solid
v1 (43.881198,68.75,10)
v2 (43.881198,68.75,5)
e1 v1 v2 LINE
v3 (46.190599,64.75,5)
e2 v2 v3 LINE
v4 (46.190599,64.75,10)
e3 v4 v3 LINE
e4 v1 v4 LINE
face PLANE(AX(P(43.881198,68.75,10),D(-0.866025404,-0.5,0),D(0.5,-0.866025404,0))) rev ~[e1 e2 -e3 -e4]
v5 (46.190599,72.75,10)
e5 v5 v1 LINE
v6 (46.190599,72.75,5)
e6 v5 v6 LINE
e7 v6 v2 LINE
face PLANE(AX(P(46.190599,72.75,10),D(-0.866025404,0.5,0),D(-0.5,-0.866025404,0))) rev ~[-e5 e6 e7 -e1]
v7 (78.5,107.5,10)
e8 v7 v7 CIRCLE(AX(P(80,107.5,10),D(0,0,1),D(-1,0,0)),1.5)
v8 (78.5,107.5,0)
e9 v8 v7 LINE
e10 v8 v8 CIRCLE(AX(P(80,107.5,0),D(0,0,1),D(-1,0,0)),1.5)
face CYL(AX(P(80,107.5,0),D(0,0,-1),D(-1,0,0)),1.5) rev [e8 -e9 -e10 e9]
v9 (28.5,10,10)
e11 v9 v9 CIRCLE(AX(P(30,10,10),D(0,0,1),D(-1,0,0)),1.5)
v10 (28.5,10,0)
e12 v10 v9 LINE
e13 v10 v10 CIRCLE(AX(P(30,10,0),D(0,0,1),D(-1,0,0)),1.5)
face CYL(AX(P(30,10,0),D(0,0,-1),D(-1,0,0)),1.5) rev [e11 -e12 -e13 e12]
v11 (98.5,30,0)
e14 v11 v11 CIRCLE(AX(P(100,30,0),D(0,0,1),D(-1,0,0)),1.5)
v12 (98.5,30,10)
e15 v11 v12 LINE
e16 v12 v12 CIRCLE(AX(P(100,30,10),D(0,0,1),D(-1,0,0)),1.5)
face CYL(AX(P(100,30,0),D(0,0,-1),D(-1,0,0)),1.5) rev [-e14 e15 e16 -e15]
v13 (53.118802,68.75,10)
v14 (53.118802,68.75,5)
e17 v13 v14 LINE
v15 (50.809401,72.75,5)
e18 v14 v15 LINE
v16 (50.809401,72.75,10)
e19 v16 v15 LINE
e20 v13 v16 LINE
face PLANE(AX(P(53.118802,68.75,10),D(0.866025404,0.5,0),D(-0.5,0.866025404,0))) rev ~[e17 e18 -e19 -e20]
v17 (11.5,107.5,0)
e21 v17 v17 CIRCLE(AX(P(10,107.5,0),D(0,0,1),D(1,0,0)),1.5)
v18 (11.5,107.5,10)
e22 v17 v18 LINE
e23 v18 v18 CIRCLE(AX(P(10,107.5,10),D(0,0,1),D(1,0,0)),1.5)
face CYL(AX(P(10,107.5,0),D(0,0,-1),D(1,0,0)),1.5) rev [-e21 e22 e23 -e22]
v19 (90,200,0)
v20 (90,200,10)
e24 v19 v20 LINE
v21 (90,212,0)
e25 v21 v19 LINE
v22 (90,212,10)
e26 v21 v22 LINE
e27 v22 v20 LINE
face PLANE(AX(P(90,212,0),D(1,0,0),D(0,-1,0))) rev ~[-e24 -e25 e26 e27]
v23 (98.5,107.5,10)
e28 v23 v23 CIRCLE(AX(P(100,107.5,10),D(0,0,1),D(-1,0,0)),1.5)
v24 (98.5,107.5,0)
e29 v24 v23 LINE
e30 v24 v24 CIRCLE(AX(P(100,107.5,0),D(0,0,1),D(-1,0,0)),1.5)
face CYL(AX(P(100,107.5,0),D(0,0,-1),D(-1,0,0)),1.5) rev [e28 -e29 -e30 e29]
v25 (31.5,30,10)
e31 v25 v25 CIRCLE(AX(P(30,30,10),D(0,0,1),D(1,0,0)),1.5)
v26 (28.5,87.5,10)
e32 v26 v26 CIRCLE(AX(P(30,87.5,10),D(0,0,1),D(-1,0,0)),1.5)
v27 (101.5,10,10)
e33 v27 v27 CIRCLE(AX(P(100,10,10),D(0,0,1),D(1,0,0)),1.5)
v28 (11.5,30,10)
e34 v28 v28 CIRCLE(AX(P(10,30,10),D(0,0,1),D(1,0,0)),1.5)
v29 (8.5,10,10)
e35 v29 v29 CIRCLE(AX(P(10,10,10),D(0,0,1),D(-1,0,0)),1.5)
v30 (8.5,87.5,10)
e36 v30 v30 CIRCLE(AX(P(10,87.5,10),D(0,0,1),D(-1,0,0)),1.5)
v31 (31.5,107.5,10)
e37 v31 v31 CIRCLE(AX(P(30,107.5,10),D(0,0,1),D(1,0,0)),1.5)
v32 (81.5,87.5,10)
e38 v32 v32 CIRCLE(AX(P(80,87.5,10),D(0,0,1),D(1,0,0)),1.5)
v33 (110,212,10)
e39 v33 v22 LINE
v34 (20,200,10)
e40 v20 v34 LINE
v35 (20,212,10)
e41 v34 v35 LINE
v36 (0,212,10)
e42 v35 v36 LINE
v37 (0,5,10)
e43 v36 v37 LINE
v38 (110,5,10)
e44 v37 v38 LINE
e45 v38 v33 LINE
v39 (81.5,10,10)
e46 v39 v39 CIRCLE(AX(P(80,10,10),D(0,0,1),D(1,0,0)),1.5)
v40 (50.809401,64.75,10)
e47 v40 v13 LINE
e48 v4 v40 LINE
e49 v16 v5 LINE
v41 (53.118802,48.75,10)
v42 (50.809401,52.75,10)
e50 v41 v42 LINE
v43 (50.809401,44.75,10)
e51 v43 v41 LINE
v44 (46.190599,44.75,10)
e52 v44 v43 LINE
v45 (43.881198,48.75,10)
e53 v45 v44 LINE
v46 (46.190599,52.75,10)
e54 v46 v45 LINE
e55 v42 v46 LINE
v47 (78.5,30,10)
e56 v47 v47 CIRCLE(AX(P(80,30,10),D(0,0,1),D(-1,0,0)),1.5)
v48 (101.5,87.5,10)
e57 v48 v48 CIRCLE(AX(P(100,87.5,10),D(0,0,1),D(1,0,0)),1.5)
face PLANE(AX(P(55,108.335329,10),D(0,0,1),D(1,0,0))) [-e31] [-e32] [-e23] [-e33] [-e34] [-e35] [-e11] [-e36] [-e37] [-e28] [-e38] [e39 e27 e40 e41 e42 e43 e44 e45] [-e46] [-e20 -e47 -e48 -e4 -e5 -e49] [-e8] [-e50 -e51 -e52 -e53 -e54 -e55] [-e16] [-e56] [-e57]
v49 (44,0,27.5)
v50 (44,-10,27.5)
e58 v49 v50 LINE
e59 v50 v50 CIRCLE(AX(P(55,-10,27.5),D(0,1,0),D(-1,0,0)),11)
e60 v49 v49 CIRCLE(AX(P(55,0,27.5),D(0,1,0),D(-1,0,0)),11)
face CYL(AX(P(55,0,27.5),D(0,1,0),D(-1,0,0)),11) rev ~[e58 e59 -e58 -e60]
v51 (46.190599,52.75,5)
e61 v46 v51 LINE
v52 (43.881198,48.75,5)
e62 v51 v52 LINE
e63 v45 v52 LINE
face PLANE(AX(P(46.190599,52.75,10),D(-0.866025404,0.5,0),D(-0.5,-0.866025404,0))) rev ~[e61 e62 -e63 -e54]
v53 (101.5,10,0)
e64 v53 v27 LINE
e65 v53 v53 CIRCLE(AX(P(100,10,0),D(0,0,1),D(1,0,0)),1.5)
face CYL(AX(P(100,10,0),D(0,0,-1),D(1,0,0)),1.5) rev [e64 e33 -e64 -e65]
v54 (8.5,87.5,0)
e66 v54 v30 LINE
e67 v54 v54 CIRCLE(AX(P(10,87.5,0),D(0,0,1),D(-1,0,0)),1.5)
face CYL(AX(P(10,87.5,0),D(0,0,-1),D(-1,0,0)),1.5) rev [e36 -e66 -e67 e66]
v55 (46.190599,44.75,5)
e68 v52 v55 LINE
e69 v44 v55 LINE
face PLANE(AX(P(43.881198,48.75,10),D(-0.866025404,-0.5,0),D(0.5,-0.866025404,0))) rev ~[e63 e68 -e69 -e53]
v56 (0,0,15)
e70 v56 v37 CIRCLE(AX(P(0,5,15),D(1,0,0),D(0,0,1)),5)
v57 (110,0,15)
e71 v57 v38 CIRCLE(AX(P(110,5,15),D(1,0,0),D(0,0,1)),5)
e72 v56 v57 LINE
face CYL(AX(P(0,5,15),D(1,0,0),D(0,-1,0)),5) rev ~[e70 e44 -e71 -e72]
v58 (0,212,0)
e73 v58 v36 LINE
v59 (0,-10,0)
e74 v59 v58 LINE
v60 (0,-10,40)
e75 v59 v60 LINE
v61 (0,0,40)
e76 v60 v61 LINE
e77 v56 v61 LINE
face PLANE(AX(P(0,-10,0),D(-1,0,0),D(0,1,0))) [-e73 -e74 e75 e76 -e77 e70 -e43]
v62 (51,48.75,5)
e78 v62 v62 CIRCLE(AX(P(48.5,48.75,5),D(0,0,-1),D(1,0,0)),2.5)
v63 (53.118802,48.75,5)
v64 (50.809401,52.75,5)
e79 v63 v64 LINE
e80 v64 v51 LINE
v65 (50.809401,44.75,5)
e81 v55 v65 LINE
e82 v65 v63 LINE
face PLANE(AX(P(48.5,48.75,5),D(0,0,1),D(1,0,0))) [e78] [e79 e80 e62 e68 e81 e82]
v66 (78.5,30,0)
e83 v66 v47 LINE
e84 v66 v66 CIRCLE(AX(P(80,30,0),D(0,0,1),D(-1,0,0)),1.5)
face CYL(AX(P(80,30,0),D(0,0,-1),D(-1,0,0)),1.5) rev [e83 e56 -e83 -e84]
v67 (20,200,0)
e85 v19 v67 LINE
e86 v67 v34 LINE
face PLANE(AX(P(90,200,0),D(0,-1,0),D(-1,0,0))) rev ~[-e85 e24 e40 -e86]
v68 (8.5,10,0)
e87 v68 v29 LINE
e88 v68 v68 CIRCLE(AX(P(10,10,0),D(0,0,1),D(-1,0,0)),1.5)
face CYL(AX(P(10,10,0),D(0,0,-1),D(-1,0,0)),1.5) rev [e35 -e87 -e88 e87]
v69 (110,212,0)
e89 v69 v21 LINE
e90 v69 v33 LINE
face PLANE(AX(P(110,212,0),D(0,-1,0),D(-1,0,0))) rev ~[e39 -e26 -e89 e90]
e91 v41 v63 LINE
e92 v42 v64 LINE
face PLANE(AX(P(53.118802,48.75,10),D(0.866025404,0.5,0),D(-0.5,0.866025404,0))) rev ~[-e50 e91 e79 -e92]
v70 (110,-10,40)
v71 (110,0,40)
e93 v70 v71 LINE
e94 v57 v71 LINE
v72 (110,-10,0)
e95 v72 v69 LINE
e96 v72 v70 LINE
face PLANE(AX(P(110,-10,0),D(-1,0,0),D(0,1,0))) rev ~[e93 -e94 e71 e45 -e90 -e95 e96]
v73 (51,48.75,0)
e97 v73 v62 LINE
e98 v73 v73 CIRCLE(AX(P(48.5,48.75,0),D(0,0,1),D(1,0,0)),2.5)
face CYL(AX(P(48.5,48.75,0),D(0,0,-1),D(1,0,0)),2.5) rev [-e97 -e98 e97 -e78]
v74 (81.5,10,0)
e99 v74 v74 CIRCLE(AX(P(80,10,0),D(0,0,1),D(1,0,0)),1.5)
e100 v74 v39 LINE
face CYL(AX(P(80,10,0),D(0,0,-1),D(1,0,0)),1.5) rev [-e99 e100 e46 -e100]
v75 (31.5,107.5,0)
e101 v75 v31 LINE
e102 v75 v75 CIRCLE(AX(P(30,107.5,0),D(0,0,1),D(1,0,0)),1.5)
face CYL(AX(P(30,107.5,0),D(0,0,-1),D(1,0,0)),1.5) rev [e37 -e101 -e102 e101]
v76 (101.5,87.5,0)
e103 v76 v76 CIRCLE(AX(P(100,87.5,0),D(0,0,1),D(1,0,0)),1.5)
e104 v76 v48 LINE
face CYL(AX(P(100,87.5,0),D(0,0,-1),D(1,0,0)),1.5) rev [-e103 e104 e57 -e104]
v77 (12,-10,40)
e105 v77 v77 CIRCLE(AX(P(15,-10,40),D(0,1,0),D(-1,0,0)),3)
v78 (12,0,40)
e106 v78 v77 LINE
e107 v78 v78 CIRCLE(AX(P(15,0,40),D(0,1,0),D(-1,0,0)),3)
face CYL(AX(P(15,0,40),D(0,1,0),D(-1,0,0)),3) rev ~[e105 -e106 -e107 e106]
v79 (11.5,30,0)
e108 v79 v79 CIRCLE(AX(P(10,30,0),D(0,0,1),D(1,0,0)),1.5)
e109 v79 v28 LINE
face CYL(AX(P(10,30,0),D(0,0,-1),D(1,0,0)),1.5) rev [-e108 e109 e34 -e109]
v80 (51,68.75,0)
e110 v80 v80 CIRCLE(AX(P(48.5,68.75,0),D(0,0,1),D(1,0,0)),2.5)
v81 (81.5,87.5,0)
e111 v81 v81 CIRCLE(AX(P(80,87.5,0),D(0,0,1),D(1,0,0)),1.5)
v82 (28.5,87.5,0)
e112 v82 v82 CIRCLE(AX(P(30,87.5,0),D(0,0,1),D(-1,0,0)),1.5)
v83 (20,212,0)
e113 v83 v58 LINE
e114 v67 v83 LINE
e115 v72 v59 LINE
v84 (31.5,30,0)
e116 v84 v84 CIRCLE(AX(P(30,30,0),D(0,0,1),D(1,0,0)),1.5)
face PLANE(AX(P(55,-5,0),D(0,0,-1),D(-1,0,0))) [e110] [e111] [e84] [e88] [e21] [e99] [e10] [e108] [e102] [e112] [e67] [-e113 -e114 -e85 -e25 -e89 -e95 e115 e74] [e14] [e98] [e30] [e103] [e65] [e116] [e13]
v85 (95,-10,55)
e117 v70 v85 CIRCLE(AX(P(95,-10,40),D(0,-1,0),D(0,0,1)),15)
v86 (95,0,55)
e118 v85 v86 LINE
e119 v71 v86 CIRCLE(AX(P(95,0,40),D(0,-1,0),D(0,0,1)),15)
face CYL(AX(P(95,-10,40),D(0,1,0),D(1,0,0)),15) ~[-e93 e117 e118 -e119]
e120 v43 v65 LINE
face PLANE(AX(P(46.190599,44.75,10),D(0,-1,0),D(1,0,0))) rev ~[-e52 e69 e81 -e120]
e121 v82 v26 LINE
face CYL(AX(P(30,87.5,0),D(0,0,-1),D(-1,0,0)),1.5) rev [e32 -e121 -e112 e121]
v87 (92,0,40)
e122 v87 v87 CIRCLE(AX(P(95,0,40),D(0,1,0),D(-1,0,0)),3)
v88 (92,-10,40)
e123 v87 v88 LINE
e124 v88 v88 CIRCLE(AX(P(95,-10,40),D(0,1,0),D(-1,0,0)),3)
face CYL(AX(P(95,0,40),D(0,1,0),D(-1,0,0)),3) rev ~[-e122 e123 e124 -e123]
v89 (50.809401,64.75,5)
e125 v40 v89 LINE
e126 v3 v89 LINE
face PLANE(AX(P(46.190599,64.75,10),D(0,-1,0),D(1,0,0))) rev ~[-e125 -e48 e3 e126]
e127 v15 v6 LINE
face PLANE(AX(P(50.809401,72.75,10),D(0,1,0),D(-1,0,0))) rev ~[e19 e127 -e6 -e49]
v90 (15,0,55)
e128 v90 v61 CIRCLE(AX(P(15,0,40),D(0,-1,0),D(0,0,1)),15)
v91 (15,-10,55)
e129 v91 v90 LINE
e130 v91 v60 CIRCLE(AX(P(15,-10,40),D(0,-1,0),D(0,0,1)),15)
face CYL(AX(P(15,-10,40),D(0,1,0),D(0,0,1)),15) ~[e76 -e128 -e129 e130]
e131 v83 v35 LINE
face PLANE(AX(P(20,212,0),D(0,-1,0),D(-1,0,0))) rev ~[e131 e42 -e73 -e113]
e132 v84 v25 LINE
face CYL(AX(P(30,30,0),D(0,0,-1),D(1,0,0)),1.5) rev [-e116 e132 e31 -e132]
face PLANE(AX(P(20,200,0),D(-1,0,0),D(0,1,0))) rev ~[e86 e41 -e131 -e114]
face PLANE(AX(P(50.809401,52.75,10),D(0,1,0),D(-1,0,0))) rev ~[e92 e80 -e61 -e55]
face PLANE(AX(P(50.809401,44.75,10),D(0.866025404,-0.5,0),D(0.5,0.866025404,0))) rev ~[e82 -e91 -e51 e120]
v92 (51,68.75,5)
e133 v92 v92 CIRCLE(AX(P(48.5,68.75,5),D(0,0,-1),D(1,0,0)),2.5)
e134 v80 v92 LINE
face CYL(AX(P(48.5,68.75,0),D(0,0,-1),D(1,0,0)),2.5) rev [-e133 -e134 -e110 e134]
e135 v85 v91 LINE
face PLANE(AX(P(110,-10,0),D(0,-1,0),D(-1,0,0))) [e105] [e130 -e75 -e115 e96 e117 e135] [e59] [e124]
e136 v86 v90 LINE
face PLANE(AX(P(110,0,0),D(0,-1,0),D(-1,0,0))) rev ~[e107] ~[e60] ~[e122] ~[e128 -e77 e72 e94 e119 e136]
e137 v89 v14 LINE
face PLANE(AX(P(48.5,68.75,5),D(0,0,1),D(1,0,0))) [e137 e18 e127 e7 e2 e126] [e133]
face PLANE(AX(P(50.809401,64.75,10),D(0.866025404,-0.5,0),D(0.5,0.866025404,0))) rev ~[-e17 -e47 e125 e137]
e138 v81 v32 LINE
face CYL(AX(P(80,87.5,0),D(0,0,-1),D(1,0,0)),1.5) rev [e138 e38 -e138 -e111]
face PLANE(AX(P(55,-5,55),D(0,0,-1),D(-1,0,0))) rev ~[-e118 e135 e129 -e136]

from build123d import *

# Parameters (mm, degrees)
SKETCH1_R           = 1.5
SKETCH1_R_2         = 2.5
BOSS_EXTRUDE1_DEPTH = 10
SKETCH4_W           = 110
SKETCH4_H           = 10
BOSS_EXTRUDE2_DEPTH = 55
SKETCH6_R           = 3
SKETCH6_R_2         = 11
CUT_EXTRUDE1_DEPTH  = 246.089779469
FILLET1_R           = 5
FILLET2_R           = 15
CUT_EXTRUDE2_DEPTH  = 5


with BuildPart() as part:
    # Sketch1 → Boss-Extrude1 (new body)
    with BuildSketch(Plane.XY):
        Polygon((20, 0), (90, 0), (110, 0), (110, 200), (110, 212), (90, 212), (90, 200), (20, 200), (20, 212), (0, 212), (0, 200), (0, 0), align=None)
        with Locations((100, 10)):
            Circle(SKETCH1_R, mode=Mode.SUBTRACT)
        with Locations((80, 10)):
            Circle(SKETCH1_R, mode=Mode.SUBTRACT)
        with Locations(Location((100, 30, 0), (0, 0, 180))):
            Circle(SKETCH1_R, mode=Mode.SUBTRACT)
        with Locations(Location((80, 30, 0), (0, 0, 180))):
            Circle(SKETCH1_R, mode=Mode.SUBTRACT)
        with Locations(Location((30, 10, 0), (0, 0, 180))):
            Circle(SKETCH1_R, mode=Mode.SUBTRACT)
        with Locations(Location((10, 10, 0), (0, 0, 180))):
            Circle(SKETCH1_R, mode=Mode.SUBTRACT)
        with Locations((10, 30)):
            Circle(SKETCH1_R, mode=Mode.SUBTRACT)
        with Locations((30, 30)):
            Circle(SKETCH1_R, mode=Mode.SUBTRACT)
        with Locations(Location((100, 107.5, 0), (0, 0, 180))):
            Circle(SKETCH1_R, mode=Mode.SUBTRACT)
        with Locations((100, 87.5)):
            Circle(SKETCH1_R, mode=Mode.SUBTRACT)
        with Locations((80, 87.5)):
            Circle(SKETCH1_R, mode=Mode.SUBTRACT)
        with Locations(Location((80, 107.5, 0), (0, 0, 180))):
            Circle(SKETCH1_R, mode=Mode.SUBTRACT)
        with Locations((30, 107.5)):
            Circle(SKETCH1_R, mode=Mode.SUBTRACT)
        with Locations((10, 107.5)):
            Circle(SKETCH1_R, mode=Mode.SUBTRACT)
        with Locations(Location((30, 87.5, 0), (0, 0, 180))):
            Circle(SKETCH1_R, mode=Mode.SUBTRACT)
        with Locations(Location((10, 87.5, 0), (0, 0, 180))):
            Circle(SKETCH1_R, mode=Mode.SUBTRACT)
        with Locations((48.5, 68.75)):
            Circle(SKETCH1_R_2, mode=Mode.SUBTRACT)
        with Locations((48.5, 48.75)):
            Circle(SKETCH1_R_2, mode=Mode.SUBTRACT)
    extrude(amount=BOSS_EXTRUDE1_DEPTH)

    # Sketch4 → Boss-Extrude2 (add)
    with BuildSketch(Plane(origin=(0, 0, 0), x_dir=(-1, 0, 0), z_dir=(0, 0, -1))):
        with Locations((-55, -5)):
            Rectangle(SKETCH4_W, SKETCH4_H)
    extrude(amount=-BOSS_EXTRUDE2_DEPTH)

    # Sketch6 → Cut-Extrude1 (cut, through all)
    with BuildSketch(Plane(origin=(0, 0, 0), x_dir=(1, 0, 0), z_dir=(0, 1, 0))):
        with Locations(Location((95, -40, 0), (0, 0, 180))):
            Circle(SKETCH6_R)
        with Locations(Location((15, -40, 0), (0, 0, 180))):
            Circle(SKETCH6_R)
        with Locations(Location((55, -27.5, 0), (0, 0, 180))):
            Circle(SKETCH6_R_2)
    extrude(amount=-CUT_EXTRUDE1_DEPTH, mode=Mode.SUBTRACT)

    # Fillet1
    fillet1_edges = [part.edges().sort_by_distance(p)[0] for p in [
        (55, 0, 10),
    ]]
    fillet(fillet1_edges, radius=FILLET1_R)

    # Fillet2
    fillet2_edges = [part.edges().sort_by_distance(p)[0] for p in [
        (0, -5, 55),
        (110, -5, 55),
    ]]
    fillet(fillet2_edges, radius=FILLET2_R)

    # Sketch7 → Cut-Extrude2 (cut)
    with BuildSketch(Plane.XY.offset(10)):
        Polygon((46.190598923, 72.75), (43.881197846, 68.75), (46.190598923, 64.75), (50.809401077, 64.75), (53.118802154, 68.75), (50.809401077, 72.75), align=None)
        Polygon((50.809401077, 52.75), (46.190598923, 52.75), (43.881197846, 48.75), (46.190598923, 44.75), (50.809401077, 44.75), (53.118802154, 48.75), align=None)
    extrude(amount=-CUT_EXTRUDE2_DEPTH, mode=Mode.SUBTRACT)


solid = part.part
